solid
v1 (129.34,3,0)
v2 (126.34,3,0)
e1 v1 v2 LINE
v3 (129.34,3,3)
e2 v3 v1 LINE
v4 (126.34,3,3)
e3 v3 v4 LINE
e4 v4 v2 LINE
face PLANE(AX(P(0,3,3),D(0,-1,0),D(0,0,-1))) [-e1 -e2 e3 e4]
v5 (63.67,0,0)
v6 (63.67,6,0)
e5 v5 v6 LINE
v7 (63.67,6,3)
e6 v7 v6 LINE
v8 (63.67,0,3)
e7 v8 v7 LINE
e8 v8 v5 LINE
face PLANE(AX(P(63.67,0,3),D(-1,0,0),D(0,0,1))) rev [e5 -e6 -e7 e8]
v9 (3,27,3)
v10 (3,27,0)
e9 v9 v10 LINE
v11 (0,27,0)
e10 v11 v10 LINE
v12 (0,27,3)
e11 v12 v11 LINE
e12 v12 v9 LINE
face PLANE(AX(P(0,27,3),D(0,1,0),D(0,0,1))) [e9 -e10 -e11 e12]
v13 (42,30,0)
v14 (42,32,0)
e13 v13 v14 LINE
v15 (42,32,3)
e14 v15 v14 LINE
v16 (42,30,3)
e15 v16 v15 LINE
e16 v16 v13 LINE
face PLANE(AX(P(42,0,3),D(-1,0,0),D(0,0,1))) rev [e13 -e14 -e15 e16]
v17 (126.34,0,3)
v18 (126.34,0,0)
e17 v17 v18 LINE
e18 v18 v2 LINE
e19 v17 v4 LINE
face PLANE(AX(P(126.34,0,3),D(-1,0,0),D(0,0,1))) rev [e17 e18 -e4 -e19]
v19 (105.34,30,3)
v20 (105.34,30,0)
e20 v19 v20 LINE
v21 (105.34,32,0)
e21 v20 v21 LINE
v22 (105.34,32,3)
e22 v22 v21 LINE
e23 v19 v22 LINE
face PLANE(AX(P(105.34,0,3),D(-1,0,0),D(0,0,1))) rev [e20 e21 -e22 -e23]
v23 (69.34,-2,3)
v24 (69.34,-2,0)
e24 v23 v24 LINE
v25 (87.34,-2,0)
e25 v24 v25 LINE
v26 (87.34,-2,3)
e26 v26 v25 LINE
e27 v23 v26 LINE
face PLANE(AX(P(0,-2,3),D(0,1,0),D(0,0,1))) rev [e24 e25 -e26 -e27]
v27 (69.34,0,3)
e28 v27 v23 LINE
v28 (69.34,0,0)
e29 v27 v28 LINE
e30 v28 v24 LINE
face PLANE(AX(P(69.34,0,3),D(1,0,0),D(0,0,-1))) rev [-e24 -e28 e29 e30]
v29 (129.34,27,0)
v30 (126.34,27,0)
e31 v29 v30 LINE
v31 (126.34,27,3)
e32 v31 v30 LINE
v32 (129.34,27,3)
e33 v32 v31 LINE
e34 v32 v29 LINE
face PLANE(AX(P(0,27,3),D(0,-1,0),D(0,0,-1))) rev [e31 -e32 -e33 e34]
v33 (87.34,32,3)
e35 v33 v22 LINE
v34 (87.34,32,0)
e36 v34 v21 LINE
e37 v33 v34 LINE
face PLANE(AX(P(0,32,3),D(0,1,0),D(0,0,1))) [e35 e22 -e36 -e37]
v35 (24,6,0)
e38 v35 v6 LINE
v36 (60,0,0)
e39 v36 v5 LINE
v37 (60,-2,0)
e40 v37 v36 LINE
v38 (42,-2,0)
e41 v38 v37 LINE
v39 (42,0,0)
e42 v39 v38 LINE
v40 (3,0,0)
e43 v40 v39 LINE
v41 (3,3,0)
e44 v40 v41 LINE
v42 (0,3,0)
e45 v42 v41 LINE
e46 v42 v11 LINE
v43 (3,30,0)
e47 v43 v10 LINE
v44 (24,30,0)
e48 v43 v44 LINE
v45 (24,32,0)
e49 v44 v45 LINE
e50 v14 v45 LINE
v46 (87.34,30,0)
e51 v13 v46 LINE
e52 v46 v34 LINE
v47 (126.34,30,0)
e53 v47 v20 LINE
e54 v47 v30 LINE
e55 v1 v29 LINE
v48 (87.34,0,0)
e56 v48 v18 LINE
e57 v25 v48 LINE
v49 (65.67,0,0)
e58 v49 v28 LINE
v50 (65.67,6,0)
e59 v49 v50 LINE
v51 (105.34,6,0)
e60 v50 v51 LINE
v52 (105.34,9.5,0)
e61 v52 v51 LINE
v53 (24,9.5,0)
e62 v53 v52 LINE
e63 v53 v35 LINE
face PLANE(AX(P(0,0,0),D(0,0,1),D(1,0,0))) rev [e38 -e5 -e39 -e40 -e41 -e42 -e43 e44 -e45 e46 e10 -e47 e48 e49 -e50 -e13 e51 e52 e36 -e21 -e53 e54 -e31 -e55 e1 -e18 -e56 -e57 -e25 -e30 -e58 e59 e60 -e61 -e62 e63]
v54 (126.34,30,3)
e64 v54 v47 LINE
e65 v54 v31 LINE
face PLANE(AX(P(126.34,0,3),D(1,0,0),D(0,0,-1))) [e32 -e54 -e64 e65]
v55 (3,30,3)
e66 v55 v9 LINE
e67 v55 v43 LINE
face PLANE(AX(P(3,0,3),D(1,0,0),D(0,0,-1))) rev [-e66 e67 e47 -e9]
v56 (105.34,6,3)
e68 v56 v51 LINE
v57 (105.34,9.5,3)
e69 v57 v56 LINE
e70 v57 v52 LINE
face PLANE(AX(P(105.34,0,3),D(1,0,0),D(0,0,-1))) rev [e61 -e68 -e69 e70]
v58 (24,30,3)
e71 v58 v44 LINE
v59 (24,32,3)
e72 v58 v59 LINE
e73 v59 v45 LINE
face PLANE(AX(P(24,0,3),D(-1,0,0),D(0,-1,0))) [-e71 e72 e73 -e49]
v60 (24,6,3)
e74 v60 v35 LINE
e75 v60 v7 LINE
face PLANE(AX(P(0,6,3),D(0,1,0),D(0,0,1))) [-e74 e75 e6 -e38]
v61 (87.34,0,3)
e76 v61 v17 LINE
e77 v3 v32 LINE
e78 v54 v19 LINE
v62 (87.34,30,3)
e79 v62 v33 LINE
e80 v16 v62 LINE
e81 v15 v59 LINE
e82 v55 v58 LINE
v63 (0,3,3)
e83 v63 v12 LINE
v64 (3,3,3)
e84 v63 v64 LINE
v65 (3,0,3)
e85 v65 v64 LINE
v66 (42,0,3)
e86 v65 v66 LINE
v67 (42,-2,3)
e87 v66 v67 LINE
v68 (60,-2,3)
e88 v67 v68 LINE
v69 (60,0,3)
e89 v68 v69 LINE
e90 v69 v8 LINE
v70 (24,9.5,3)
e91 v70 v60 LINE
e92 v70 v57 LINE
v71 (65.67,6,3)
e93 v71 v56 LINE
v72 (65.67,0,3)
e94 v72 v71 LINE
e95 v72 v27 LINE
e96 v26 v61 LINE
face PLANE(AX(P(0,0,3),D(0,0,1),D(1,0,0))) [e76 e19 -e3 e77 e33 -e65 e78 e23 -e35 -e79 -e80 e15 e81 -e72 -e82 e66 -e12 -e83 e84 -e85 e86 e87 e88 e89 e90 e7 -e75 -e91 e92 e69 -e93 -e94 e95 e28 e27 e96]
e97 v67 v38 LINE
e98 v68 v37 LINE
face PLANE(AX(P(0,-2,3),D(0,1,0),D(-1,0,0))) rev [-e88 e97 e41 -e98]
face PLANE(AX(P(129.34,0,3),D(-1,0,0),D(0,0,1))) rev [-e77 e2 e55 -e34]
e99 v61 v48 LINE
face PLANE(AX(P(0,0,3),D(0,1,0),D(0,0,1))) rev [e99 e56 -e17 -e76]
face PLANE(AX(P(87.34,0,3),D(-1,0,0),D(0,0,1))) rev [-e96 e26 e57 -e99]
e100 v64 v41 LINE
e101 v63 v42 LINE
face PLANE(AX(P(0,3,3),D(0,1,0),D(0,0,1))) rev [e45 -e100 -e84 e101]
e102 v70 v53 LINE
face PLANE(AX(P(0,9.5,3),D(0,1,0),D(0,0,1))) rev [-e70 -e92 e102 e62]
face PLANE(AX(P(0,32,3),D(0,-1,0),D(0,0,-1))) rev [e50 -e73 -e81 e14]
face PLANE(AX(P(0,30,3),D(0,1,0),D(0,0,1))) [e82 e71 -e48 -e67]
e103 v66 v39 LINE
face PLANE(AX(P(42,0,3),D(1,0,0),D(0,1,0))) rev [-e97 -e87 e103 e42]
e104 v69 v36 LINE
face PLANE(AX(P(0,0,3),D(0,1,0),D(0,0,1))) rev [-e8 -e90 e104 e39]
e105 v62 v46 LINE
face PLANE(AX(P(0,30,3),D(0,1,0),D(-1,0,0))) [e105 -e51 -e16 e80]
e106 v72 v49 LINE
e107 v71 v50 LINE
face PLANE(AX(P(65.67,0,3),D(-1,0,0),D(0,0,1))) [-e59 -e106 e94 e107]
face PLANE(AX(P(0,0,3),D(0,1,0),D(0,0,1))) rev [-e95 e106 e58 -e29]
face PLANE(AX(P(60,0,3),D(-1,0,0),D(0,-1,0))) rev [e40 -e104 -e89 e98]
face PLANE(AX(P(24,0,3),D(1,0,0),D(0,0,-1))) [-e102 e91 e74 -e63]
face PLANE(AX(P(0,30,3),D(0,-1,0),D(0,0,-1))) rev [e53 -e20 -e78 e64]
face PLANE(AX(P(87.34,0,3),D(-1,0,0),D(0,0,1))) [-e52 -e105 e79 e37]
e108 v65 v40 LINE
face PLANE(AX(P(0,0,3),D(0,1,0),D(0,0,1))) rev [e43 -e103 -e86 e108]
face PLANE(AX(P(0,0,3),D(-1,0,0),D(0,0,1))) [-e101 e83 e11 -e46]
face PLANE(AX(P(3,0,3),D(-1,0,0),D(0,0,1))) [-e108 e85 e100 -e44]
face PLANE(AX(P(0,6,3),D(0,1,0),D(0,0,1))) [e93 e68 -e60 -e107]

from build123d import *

# Parameters (mm, degrees)
BOSS_EXTRUDE3_DEPTH = 3


with BuildPart() as part:
    # Sketch1 → Boss-Extrude3 (new body)
    with BuildSketch(Plane.XY):
        Polygon((3, 3), (3, 0), (42, 0), (42, -2), (60, -2), (60, 0), (63.67, 0), (63.67, 6), (24, 6), (24, 9.5), (105.34, 9.5), (105.34, 6), (65.67, 6), (65.67, 0), (69.34, 0), (69.34, -2), (87.34, -2), (87.34, 0), (126.34, 0), (126.34, 3), (129.34, 3), (129.34, 27), (126.34, 27), (126.34, 30), (105.34, 30), (105.34, 32), (87.34, 32), (87.34, 30), (42, 30), (42, 32), (24, 32), (24, 30), (3, 30), (3, 27), (0, 27), (0, 3), align=None)
    extrude(amount=BOSS_EXTRUDE3_DEPTH)


solid = part.part
